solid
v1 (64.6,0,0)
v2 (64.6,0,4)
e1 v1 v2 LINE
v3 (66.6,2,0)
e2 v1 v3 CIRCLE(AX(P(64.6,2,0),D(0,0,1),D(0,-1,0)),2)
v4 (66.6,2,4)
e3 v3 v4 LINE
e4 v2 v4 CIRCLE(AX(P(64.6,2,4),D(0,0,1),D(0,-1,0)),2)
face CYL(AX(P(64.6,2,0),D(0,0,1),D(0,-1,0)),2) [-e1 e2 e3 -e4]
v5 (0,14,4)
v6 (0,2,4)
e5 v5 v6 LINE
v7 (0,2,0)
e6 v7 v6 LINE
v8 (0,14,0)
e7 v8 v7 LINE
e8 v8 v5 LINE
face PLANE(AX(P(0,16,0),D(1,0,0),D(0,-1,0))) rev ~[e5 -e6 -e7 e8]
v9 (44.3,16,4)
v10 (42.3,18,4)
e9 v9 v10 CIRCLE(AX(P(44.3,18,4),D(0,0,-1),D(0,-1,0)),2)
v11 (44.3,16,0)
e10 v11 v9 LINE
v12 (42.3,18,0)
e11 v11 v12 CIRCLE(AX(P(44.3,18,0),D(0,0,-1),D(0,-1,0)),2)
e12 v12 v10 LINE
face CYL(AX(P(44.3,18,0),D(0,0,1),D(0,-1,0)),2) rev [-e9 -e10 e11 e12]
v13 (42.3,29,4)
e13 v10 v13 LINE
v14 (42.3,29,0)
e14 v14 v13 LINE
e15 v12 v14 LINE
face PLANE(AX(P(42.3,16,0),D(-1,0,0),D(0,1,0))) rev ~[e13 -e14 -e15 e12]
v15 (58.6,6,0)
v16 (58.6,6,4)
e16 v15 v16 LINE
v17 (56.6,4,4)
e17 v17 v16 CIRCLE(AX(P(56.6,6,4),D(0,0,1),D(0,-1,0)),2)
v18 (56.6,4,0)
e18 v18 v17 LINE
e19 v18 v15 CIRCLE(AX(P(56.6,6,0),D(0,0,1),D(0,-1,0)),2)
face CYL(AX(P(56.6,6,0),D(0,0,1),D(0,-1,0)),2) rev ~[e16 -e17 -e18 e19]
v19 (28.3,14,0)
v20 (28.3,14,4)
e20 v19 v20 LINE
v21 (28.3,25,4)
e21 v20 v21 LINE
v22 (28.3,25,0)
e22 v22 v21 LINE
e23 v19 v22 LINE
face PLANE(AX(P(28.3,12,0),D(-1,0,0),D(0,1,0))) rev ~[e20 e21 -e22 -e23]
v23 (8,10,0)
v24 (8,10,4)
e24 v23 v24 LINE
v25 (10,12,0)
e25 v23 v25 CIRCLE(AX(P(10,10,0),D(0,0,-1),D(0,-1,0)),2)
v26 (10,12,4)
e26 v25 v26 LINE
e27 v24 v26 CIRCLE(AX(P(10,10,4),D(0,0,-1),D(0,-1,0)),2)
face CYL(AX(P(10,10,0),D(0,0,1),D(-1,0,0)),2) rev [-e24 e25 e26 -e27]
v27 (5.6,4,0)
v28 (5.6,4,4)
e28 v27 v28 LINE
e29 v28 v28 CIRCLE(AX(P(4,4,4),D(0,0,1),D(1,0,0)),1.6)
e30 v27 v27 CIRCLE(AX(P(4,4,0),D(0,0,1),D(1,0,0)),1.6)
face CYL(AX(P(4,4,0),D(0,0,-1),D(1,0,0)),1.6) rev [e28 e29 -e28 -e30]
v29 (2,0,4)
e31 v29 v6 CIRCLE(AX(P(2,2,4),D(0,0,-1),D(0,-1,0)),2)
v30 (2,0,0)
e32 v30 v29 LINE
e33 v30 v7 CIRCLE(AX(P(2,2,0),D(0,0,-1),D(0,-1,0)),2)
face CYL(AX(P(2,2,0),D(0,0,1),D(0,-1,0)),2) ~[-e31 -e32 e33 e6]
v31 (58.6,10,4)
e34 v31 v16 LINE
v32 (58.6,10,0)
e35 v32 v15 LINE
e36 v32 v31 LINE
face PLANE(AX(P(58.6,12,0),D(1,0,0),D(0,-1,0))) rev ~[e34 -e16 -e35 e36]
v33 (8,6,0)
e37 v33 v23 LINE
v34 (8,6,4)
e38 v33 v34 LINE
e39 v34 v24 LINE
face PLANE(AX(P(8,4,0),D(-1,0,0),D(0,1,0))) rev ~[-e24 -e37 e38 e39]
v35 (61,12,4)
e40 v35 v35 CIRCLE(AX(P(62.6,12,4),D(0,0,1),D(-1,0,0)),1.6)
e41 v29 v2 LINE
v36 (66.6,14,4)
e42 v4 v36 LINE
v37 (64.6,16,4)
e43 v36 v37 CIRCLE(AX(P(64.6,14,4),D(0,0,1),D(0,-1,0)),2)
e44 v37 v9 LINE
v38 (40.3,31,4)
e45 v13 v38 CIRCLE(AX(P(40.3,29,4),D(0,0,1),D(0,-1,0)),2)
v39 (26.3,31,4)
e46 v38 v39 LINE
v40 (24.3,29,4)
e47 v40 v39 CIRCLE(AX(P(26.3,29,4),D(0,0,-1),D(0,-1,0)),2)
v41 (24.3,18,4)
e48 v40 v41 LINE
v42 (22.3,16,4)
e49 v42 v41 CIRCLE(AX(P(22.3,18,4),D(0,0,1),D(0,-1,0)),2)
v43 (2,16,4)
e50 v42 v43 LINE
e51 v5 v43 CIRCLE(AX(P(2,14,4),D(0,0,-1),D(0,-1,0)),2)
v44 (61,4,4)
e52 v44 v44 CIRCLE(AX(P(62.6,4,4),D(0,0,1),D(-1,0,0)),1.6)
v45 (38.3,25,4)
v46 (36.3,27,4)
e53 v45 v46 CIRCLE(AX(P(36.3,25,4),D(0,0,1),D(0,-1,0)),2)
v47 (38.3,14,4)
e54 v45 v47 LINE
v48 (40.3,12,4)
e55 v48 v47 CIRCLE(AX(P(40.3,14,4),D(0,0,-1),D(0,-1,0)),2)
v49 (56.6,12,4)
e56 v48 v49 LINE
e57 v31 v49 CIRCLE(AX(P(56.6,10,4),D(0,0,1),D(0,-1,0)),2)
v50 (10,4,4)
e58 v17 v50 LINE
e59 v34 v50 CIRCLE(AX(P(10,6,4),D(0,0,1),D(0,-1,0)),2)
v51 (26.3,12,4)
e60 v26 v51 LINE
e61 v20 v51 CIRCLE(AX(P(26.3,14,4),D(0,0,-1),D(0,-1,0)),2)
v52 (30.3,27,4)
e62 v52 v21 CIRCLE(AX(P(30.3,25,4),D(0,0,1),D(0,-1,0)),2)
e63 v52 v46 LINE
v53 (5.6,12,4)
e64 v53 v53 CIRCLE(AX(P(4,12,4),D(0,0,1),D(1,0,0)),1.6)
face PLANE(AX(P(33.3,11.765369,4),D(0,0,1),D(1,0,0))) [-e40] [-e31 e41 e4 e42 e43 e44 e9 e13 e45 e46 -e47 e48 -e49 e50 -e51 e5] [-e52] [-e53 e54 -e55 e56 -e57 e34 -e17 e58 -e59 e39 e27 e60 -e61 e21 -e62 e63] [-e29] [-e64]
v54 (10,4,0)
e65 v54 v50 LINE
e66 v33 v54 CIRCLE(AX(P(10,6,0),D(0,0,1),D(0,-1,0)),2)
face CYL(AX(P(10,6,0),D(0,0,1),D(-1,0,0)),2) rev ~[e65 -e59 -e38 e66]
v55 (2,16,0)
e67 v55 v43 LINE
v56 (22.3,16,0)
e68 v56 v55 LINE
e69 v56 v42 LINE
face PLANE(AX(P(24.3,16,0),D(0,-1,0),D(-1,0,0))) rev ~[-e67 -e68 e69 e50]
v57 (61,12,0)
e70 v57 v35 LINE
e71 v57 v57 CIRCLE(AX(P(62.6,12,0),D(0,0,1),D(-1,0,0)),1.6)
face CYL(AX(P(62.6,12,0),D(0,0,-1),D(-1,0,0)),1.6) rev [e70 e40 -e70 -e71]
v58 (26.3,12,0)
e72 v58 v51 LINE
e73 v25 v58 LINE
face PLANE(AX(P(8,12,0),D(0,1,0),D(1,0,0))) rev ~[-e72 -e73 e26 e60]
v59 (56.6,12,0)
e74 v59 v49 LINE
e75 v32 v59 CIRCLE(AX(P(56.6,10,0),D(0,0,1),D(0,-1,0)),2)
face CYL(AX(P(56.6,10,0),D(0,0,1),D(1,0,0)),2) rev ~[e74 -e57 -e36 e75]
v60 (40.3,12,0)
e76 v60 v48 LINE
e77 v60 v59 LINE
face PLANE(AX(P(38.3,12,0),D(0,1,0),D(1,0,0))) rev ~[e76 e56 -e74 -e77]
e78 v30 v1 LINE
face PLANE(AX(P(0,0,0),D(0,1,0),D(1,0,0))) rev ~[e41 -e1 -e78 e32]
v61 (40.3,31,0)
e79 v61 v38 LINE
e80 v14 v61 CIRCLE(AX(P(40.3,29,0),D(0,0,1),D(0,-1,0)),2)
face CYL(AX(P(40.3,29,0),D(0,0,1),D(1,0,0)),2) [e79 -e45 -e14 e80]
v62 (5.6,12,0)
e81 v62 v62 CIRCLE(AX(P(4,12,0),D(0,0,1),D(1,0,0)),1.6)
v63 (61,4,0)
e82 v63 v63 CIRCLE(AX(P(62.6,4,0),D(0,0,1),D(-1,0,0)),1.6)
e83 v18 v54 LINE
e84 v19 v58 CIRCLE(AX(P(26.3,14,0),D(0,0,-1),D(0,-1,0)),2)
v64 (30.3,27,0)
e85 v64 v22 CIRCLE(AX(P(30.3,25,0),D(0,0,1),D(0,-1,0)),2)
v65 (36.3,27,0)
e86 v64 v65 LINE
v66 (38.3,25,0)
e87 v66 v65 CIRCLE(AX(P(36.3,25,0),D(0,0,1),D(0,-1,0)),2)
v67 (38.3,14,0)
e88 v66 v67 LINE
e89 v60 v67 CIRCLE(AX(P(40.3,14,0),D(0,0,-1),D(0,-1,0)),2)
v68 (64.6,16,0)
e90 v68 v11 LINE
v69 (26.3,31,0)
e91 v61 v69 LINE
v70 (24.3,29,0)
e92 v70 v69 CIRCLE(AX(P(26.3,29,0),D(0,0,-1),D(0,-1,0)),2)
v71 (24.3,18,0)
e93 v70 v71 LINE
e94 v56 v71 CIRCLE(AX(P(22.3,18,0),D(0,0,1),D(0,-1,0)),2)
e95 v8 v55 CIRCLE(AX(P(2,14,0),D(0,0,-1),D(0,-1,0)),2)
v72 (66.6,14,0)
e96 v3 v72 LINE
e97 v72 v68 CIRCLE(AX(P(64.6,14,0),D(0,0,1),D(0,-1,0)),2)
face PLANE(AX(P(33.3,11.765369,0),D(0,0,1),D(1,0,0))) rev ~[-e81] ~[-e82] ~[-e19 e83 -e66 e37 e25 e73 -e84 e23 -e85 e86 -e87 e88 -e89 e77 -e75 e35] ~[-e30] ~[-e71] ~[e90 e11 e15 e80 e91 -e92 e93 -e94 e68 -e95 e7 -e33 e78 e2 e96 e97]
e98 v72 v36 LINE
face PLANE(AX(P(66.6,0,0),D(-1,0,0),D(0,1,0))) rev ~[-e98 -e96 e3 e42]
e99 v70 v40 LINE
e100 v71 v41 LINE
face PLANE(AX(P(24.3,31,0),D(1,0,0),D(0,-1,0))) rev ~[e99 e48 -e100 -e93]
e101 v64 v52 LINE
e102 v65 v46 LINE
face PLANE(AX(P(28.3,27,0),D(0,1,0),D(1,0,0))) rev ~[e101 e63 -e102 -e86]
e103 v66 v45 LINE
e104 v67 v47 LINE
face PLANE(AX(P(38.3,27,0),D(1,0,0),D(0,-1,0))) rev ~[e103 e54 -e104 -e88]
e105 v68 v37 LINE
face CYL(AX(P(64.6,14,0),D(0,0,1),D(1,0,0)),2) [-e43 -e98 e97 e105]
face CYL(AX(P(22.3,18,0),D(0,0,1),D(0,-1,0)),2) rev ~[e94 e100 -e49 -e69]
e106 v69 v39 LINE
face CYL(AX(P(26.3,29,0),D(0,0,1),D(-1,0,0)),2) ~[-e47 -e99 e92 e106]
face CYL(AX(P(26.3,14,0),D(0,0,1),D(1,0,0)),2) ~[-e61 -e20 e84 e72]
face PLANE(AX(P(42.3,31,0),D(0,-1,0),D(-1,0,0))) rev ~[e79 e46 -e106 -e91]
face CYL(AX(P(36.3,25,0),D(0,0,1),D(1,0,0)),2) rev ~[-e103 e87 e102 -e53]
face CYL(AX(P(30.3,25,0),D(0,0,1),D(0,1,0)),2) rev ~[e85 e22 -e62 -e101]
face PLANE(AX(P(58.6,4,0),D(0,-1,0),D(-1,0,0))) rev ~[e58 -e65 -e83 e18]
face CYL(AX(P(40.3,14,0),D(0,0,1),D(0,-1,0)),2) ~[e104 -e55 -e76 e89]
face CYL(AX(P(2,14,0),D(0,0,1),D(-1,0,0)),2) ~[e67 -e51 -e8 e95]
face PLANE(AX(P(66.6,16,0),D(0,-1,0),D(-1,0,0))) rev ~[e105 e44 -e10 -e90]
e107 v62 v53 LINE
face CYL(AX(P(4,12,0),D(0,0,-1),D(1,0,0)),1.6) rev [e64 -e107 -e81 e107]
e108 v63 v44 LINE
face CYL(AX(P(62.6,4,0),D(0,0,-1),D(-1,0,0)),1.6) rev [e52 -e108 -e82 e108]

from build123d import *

# Parameters (mm, degrees)
SKETCH_1_R      = 1.6
EXTRUDE_1_DEPTH = 4
FILLET_1_R      = 2


with BuildPart() as part:
    # 草图1 → 凸台-拉伸1 (new body)
    with BuildSketch(Plane.XY):
        Polygon((0, 0), (66.6, 0), (66.6, 16), (42.3, 16), (42.3, 31), (24.3, 31), (24.3, 16), (0, 16), align=None)
        with Locations((4, 4)):
            Circle(SKETCH_1_R, mode=Mode.SUBTRACT)
        with Locations((4, 12)):
            Circle(SKETCH_1_R, mode=Mode.SUBTRACT)
        with Locations(Location((62.6, 12, 0), (0, 0, 180))):
            Circle(SKETCH_1_R, mode=Mode.SUBTRACT)
        with Locations(Location((62.6, 4, 0), (0, 0, 180))):
            Circle(SKETCH_1_R, mode=Mode.SUBTRACT)
        Polygon((8, 12), (28.3, 12), (28.3, 27), (38.3, 27), (38.3, 12), (58.6, 12), (58.6, 4), (8, 4), align=None, mode=Mode.SUBTRACT)
    extrude(amount=EXTRUDE_1_DEPTH)

    # 圆角1
    fillet_1_edges = [part.edges().sort_by_distance(p)[0] for p in [
        (0, 16, 2),
        (24.3, 16, 2),
        (24.3, 31, 2),
        (42.3, 31, 2),
        (42.3, 16, 2),
        (66.6, 16, 2),
        (66.6, 0, 2),
        (0, 0, 2),
        (58.6, 4, 2),
        (58.6, 12, 2),
        (38.3, 12, 2),
        (38.3, 27, 2),
        (28.3, 27, 2),
        (28.3, 12, 2),
        (8, 12, 2),
        (8, 4, 2),
    ]]
    fillet(fillet_1_edges, radius=FILLET_1_R)


solid = part.part
